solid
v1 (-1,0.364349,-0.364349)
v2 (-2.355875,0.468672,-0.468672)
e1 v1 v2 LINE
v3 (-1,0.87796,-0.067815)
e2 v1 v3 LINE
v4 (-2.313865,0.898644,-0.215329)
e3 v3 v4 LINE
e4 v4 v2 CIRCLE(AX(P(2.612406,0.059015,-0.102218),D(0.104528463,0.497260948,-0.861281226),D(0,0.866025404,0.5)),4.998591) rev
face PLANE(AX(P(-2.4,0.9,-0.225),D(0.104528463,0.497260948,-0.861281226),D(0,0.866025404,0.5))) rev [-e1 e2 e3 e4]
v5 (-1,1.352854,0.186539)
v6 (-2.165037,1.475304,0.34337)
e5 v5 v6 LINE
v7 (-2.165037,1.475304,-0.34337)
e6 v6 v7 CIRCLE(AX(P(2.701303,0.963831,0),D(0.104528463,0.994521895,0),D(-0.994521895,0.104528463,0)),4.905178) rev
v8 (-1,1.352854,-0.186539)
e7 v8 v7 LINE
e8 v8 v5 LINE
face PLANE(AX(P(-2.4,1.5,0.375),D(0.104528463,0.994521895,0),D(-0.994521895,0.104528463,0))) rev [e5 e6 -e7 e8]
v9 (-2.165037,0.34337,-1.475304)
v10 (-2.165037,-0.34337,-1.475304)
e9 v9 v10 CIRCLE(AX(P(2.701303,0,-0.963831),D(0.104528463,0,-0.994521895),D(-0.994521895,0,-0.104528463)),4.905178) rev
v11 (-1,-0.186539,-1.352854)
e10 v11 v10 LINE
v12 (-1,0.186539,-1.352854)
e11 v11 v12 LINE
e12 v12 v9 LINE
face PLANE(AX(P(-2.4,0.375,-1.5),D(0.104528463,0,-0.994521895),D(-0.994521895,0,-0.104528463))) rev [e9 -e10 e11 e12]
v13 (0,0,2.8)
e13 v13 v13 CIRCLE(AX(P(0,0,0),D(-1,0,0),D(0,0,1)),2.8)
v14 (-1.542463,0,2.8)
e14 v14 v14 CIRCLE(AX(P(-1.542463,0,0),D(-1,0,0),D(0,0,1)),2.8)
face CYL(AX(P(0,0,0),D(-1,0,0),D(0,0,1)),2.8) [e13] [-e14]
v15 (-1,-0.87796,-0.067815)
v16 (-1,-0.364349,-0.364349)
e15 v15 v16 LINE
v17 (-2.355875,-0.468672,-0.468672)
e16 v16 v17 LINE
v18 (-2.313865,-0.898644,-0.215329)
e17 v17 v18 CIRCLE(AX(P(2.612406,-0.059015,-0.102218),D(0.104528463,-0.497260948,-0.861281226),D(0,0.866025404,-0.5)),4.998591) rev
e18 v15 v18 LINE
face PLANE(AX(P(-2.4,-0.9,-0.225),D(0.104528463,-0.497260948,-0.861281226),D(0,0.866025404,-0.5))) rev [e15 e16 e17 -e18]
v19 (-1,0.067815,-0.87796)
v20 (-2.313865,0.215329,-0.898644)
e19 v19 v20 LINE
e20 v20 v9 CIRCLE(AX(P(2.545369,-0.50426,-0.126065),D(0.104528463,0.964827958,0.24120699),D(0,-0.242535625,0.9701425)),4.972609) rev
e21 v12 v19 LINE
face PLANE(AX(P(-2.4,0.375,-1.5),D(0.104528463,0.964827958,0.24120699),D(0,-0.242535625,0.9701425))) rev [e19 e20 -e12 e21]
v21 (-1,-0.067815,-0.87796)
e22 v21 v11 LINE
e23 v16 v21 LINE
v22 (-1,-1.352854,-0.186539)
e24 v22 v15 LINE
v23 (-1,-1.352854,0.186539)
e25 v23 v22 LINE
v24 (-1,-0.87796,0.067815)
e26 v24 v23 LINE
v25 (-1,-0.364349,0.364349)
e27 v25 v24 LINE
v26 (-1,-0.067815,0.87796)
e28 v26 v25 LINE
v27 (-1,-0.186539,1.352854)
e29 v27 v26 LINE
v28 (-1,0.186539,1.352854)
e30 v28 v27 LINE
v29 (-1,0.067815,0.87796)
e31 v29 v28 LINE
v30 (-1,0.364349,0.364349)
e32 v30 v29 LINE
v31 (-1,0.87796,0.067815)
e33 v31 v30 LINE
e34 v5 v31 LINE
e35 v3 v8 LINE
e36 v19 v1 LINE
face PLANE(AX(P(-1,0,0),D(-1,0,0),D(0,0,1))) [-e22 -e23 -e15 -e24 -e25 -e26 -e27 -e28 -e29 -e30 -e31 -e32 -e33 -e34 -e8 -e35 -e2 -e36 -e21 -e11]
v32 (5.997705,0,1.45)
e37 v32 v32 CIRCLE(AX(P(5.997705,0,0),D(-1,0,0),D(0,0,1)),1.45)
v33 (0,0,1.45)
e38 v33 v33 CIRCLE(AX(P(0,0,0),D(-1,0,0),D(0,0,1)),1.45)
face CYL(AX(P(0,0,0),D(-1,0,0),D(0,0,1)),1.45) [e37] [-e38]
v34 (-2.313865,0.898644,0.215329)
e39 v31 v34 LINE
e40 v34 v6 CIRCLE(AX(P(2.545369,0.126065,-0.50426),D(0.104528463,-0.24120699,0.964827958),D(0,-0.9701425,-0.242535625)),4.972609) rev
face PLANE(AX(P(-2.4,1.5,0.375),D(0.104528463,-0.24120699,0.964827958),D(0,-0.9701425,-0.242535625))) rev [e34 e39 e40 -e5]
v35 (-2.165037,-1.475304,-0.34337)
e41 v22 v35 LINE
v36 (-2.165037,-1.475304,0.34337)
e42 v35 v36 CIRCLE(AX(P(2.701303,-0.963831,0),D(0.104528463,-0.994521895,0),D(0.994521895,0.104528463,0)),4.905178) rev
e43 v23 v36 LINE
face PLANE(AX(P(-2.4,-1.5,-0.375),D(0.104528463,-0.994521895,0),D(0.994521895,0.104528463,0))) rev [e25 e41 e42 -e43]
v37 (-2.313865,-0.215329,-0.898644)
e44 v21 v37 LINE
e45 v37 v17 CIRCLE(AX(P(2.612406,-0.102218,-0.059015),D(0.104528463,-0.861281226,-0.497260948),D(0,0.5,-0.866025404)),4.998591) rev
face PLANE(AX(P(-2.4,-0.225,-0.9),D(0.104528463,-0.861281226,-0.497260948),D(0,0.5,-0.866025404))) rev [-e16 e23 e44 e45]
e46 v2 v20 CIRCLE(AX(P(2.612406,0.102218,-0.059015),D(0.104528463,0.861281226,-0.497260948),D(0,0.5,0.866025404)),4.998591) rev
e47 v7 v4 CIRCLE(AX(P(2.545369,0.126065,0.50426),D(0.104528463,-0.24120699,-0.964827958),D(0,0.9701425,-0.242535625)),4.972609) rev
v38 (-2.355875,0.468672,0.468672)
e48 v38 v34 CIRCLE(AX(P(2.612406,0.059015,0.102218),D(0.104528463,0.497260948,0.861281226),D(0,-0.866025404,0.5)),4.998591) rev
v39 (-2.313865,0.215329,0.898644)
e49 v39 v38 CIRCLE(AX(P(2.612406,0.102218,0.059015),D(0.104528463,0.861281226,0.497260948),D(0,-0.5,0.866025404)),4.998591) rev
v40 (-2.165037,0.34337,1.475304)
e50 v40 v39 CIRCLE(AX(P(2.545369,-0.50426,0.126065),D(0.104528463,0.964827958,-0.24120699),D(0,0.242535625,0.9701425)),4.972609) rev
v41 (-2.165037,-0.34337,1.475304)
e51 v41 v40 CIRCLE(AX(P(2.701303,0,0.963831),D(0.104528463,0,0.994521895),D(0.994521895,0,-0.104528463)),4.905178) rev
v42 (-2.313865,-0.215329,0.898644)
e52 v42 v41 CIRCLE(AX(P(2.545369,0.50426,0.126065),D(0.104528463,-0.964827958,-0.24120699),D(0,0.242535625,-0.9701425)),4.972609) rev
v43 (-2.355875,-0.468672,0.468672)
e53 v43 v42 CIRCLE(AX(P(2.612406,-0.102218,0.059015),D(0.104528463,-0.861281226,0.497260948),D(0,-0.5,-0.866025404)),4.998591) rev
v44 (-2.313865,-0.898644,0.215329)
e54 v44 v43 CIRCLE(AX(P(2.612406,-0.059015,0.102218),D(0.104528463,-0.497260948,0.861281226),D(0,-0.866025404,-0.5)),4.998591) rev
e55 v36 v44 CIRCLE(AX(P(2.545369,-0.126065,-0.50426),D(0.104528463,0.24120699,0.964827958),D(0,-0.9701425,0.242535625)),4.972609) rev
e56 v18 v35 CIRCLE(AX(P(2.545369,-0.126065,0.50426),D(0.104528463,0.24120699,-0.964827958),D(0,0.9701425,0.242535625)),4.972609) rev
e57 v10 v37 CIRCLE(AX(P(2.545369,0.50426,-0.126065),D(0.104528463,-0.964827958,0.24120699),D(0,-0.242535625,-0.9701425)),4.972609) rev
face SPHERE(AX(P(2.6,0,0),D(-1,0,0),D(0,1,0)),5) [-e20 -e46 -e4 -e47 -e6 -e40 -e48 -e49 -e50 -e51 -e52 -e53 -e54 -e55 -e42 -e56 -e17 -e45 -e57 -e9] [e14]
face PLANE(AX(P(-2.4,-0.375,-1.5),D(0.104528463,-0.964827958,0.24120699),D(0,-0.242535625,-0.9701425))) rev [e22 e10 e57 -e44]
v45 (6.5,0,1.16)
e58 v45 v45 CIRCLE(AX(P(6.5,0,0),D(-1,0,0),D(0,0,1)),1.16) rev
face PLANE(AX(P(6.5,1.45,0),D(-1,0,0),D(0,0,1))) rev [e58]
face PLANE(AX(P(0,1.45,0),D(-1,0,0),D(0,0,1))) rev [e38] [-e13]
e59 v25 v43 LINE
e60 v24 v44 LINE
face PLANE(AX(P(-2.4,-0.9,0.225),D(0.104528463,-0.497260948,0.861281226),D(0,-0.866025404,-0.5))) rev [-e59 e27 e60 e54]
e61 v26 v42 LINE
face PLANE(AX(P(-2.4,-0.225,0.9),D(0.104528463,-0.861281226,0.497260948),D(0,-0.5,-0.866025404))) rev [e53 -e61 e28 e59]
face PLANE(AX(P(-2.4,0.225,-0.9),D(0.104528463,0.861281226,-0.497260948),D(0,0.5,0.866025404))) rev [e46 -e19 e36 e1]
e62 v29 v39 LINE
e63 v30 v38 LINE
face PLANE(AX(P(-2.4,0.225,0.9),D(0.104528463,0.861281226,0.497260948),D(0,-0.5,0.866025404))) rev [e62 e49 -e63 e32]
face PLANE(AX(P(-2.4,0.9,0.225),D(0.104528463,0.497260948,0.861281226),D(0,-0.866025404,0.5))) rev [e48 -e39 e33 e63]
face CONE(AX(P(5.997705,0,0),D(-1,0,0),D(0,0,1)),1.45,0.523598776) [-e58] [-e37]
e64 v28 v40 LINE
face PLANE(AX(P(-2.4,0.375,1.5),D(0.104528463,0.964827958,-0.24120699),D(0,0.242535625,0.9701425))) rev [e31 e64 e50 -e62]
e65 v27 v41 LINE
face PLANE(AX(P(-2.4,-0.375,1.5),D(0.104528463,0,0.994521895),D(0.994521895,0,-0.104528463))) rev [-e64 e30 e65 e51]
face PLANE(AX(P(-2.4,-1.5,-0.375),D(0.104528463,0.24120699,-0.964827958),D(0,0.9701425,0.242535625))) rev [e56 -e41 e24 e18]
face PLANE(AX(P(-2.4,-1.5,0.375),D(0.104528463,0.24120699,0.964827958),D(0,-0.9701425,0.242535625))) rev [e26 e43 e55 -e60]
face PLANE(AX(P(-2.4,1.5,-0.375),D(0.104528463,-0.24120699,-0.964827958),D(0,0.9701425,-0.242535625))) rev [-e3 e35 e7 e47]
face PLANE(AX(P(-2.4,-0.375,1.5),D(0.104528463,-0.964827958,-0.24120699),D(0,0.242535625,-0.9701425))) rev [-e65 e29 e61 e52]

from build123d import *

# Parameters (mm, degrees)
CHAMFER1_SIZE      = 0.29
CHAMFER1_SIZE2     = 0.502294734
CUT_EXTRUDE1_DEPTH = 1.4
CUT_EXTRUDE1_TAPER = 6


with BuildPart() as part:
    # Sketch1 → Revolve1 (revolve)
    with BuildSketch(Plane.XY, mode=Mode.PRIVATE) as revolve1_sk:
        with BuildLine():
            Line((0, 2.8), (-1.542463035, 2.8))
            ThreePointArc((-1.542463035, 2.8), (-2.180811394, 1.464186604), (-2.4, 0))
            Line((-2.4, 0), (6.5, 0))
            Line((6.5, 0), (6.5, 1.45))
            Line((6.5, 1.45), (0, 1.45))
            Line((0, 1.45), (0, 2.8))
        make_face()
    revolve(revolve1_sk.sketch.rotate(Axis((0, 0, 0), (1, 0, 0)), 90), axis=Axis((0, 0, 0), (1, 0, 0)))

    # Chamfer1
    chamfer1_edges = [part.edges().sort_by_distance(p)[0] for p in [
        (6.5, 0, -1.45),
    ]]
    chamfer1_side = [part.faces().sort_by_distance(p)[0] for p in [
        (6.5, 0, 0),
    ]]
    chamfer(chamfer1_edges, length=CHAMFER1_SIZE, length2=CHAMFER1_SIZE2, reference=chamfer1_side[0])

    # Sketch3 → Cut-Extrude1 (cut)
    with BuildSketch(Plane(origin=(-2.4, 0, 0), x_dir=(0, 0, -1), z_dir=(1, 0, 0))):
        Polygon((-0.375, 1.5), (-0.225, 0.9), (-0.472067148, 0.472067148), (-0.9, 0.225), (-1.5, 0.375), (-1.5, -0.375), (-0.9, -0.225), (-0.472067148, -0.472067148), (-0.225, -0.9), (-0.375, -1.5), (0.375, -1.5), (0.225, -0.9), (0.472067148, -0.472067148), (0.9, -0.225), (1.5, -0.375), (1.5, 0.375), (0.9, 0.225), (0.472067148, 0.472067148), (0.225, 0.9), (0.375, 1.5), align=None)
    extrude(amount=CUT_EXTRUDE1_DEPTH, taper=CUT_EXTRUDE1_TAPER, mode=Mode.SUBTRACT)


solid = part.part
